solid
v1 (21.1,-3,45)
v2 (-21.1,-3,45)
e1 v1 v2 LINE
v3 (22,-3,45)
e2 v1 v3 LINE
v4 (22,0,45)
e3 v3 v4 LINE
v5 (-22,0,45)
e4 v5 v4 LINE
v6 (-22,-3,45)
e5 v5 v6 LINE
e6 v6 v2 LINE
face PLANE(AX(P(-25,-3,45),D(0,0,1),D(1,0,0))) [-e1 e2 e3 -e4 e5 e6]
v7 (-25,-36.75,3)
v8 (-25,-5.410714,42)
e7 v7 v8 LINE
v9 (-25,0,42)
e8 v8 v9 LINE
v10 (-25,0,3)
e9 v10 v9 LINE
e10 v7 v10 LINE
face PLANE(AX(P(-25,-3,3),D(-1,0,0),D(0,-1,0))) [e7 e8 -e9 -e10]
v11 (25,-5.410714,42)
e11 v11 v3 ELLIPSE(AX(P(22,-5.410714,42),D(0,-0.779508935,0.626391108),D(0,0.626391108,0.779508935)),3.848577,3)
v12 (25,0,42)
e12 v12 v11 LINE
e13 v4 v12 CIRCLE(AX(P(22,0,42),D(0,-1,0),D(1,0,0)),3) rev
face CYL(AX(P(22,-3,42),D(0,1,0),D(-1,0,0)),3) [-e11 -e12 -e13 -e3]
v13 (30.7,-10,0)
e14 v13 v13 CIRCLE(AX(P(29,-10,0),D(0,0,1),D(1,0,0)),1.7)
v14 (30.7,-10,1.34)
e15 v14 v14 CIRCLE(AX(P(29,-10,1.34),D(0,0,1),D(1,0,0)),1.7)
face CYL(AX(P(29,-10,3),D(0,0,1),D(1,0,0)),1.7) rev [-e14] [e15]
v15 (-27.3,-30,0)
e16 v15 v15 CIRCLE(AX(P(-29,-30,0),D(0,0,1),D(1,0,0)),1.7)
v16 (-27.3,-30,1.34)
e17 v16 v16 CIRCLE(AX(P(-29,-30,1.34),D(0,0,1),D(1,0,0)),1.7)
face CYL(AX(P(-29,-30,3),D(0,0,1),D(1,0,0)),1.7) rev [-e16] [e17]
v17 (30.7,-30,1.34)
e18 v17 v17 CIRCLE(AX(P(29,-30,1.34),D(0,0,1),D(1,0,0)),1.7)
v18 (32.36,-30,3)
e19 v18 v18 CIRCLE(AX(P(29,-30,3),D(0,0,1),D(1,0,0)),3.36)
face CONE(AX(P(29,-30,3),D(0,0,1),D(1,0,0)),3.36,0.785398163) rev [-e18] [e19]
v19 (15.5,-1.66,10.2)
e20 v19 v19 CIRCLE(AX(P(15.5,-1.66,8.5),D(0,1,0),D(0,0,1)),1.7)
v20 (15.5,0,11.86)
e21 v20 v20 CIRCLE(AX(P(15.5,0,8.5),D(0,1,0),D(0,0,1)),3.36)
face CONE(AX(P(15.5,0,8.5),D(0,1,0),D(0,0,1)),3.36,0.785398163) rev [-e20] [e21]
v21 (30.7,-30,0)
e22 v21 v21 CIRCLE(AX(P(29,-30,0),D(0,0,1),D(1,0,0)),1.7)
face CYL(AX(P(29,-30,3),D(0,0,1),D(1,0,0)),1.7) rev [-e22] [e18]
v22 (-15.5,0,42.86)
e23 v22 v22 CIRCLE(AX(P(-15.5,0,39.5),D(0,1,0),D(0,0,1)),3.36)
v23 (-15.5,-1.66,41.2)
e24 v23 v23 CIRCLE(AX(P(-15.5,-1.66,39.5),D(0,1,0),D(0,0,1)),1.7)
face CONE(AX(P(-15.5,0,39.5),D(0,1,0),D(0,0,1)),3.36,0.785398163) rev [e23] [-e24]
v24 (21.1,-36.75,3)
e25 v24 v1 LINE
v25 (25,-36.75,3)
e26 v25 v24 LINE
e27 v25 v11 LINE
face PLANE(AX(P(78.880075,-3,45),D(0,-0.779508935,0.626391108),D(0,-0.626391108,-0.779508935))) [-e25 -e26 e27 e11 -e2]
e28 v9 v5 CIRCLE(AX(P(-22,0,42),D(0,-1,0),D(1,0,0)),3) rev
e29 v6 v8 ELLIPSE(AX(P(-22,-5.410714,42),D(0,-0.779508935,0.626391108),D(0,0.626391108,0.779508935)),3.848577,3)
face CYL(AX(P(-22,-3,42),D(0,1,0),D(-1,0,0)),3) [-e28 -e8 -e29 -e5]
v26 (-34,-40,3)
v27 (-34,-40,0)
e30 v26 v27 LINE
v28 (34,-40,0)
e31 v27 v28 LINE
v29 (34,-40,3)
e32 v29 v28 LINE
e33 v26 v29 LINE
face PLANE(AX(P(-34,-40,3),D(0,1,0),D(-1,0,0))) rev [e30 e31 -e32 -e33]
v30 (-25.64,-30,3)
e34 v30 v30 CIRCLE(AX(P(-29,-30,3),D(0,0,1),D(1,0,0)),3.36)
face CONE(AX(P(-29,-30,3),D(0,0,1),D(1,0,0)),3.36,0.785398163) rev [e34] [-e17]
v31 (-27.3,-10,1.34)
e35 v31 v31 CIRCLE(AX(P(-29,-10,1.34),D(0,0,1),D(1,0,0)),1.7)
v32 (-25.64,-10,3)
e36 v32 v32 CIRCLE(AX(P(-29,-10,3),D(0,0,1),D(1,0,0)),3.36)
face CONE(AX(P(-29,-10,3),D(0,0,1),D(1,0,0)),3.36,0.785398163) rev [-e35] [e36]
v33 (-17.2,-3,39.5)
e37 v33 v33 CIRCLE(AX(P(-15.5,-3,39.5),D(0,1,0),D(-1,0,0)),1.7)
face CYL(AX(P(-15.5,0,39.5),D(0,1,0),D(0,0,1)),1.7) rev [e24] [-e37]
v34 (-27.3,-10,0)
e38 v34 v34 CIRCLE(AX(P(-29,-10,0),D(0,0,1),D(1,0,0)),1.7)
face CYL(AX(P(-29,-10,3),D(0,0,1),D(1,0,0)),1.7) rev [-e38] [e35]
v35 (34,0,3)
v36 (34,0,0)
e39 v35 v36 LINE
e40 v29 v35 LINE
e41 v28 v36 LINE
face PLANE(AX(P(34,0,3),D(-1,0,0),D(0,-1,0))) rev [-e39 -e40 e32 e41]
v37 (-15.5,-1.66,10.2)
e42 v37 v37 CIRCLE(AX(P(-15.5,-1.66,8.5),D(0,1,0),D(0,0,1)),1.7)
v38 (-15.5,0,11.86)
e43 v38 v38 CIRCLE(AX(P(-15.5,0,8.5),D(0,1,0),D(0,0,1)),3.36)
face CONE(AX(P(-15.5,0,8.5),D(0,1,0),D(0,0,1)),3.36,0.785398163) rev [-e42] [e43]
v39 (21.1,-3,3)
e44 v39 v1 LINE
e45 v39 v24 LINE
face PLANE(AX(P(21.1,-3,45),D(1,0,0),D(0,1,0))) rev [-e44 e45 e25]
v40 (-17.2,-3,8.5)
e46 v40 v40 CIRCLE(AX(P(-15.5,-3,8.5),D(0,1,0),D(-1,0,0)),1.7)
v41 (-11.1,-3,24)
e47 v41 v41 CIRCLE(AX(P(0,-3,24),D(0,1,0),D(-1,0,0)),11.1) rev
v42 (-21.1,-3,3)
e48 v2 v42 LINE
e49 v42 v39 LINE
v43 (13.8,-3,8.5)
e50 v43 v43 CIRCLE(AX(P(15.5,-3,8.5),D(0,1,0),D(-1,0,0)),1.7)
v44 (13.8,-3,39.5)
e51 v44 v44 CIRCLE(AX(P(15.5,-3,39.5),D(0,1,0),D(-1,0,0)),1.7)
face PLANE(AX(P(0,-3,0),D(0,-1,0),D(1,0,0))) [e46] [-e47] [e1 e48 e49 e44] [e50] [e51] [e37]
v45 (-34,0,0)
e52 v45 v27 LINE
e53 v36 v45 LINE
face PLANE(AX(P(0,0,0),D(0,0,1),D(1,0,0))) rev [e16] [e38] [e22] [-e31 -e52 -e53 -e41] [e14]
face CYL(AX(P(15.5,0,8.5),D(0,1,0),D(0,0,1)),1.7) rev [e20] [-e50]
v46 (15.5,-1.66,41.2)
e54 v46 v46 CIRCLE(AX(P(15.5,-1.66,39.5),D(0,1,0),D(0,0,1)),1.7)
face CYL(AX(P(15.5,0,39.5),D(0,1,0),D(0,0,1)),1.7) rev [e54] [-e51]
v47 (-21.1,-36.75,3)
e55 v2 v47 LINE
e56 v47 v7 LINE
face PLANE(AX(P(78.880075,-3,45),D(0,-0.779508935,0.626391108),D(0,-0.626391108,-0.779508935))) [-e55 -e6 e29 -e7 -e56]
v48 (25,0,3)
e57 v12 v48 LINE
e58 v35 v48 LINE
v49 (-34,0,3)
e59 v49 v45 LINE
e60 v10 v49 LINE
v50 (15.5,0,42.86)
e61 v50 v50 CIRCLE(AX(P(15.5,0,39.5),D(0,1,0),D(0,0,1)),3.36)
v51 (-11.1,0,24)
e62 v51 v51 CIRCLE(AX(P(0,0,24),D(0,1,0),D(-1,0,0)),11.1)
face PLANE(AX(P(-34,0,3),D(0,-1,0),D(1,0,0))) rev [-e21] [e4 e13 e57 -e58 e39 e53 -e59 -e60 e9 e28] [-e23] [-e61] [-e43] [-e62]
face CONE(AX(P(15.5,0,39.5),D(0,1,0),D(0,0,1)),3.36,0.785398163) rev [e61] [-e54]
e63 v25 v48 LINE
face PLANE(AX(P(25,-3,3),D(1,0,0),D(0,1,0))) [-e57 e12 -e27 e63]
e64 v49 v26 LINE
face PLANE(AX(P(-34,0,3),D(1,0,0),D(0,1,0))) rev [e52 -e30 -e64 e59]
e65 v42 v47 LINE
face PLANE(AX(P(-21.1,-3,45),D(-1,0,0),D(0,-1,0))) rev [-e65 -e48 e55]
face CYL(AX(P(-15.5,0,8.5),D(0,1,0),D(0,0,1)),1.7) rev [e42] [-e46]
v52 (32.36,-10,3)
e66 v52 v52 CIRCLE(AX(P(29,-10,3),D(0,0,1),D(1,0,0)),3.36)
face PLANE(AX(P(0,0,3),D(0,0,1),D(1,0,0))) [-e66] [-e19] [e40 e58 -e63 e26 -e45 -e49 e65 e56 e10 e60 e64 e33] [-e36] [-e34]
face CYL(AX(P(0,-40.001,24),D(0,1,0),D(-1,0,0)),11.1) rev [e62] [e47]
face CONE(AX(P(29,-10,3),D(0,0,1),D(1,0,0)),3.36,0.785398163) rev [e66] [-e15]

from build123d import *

# Parameters (mm, degrees)
SKETCH1_W                    = 68
SKETCH1_H                    = 40
BOSS_EXTRUDE1_DEPTH          = 3
SKETCH3_W                    = 50
SKETCH3_H                    = 42
BOSS_EXTRUDE2_DEPTH          = 3
CUT_EXTRUDE1_REACH           = 71.145
SKETCH4_R                    = 11.1
CSK_FOR_M3_SFHCS1_AT_2_COUNT = 2
CSK_FOR_M3_SFHCS1_AT_2_PITCH = 31
CSK_FOR_M3_SFHCS1_AT_3_COUNT = 2
CSK_FOR_M3_SFHCS1_AT_3_PITCH = 31
CSK_FOR_M3_SFHCS1_AT_4_COUNT = 2
CSK_FOR_M3_SFHCS1_AT_4_PITCH = 43.840620434
BOSS_EXTRUDE3_DEPTH          = 50
SKETCH9_W                    = 42.2
SKETCH9_H                    = 42
CUT_EXTRUDE2_DEPTH           = 37
FILLET1_R                    = 3
CSK_FOR_M3_SFHCS2_AT_2_COUNT = 2
CSK_FOR_M3_SFHCS2_AT_2_PITCH = 61.351446601
CSK_FOR_M3_SFHCS2_AT_3_COUNT = 2
CSK_FOR_M3_SFHCS2_AT_3_PITCH = 20
CSK_FOR_M3_SFHCS2_AT_4_COUNT = 2
CSK_FOR_M3_SFHCS2_AT_4_PITCH = 58


with BuildPart() as part:
    # Sketch1 → Boss-Extrude1 (new body)
    with BuildSketch(Plane.XY):
        with Locations((0, -20)):
            Rectangle(SKETCH1_W, SKETCH1_H)
    extrude(amount=BOSS_EXTRUDE1_DEPTH)

    # Sketch3 → Boss-Extrude2 (add)
    with BuildSketch(Plane(origin=(0, 0, 0), x_dir=(1, 0, 0), z_dir=(0, 1, 0))):
        with Locations((0, -24)):
            Rectangle(SKETCH3_W, SKETCH3_H)
    extrude(amount=-BOSS_EXTRUDE2_DEPTH)

    # Sketch4 → Cut-Extrude1 (cut, up to next)
    with BuildSketch(Plane(origin=(0, 0, 0), x_dir=(1, 0, 0), z_dir=(0, 1, 0)), mode=Mode.PRIVATE) as cut_extrude1_sk1:
        with Locations(Location((0, -24, 0), (0, 0, 180))):
            Circle(SKETCH4_R)
    cut_extrude1_tool1 = extrude(cut_extrude1_sk1.sketch, amount=-CUT_EXTRUDE1_REACH, mode=Mode.PRIVATE) & part.part
    add(cut_extrude1_tool1.solids().sort_by_distance((0, 0, 24))[0], mode=Mode.SUBTRACT)

    # Sketch6 → CSK for M3 SFHCS1 (revolve, cut)
    with BuildSketch(Plane(origin=(-15.5, 0, 8.5), x_dir=(0, 0, 1), z_dir=(1, 0, 0))):
        Polygon((0, 0), (0, 3), (1.7, 3), (1.7, 1.66), (3.36, 0), align=None)
    csk_for_m3_sfhcs1 = revolve(axis=Axis((-15.5, 6.35, 8.5), (0, -1, 0)), mode=Mode.SUBTRACT)

    # CSK for M3 SFHCS1 at 2: CSK for M3 SFHCS1 ×2
    with Locations(*[(i * CSK_FOR_M3_SFHCS1_AT_2_PITCH, 0, 0) for i in range(1, CSK_FOR_M3_SFHCS1_AT_2_COUNT)]):
        add(csk_for_m3_sfhcs1, mode=Mode.SUBTRACT)

    # CSK for M3 SFHCS1 at 3: CSK for M3 SFHCS1 ×2
    with Locations(*[(0, 0, i * CSK_FOR_M3_SFHCS1_AT_3_PITCH) for i in range(1, CSK_FOR_M3_SFHCS1_AT_3_COUNT)]):
        add(csk_for_m3_sfhcs1, mode=Mode.SUBTRACT)

    # CSK for M3 SFHCS1 at 4: CSK for M3 SFHCS1 ×2
    with Locations(*[Vector(0.7071067811865476, 0, 0.7071067811865476) * (i * CSK_FOR_M3_SFHCS1_AT_4_PITCH) for i in range(1, CSK_FOR_M3_SFHCS1_AT_4_COUNT)]):
        add(csk_for_m3_sfhcs1, mode=Mode.SUBTRACT)

    # Sketch7 → Boss-Extrude3 (add)
    with BuildSketch(Plane.ZY.offset(25)):
        Polygon((45, -3), (3, -36.75), (3, -3), align=None)
    extrude(amount=-BOSS_EXTRUDE3_DEPTH)

    # Sketch9 → Cut-Extrude2 (cut)
    with BuildSketch(Plane.XZ.offset(40)):
        with Locations((0, 24)):
            Rectangle(SKETCH9_W, SKETCH9_H)
    extrude(amount=-CUT_EXTRUDE2_DEPTH, mode=Mode.SUBTRACT)

    # Fillet1
    fillet1_edges = [part.edges().sort_by_distance(p)[0] for p in [
        (-25, -1.5, 45),
        (25, -1.5, 45),
    ]]
    fillet(fillet1_edges, radius=FILLET1_R)

    # Sketch11 → CSK for M3 SFHCS2 (revolve, cut)
    with BuildSketch(Plane(origin=(-29, -30, 3), x_dir=(0, -1, 0), z_dir=(1, 0, 0))):
        Polygon((0, 0), (0, 3), (1.7, 3), (1.7, 1.66), (3.36, 0), align=None)
    csk_for_m3_sfhcs2 = revolve(axis=Axis((-29, -30, 9.35), (0, 0, -1)), mode=Mode.SUBTRACT)

    # CSK for M3 SFHCS2 at 2: CSK for M3 SFHCS2 ×2
    with Locations(*[Vector(0.9453729816262721, 0.32599068331940423, 0) * (i * CSK_FOR_M3_SFHCS2_AT_2_PITCH) for i in range(1, CSK_FOR_M3_SFHCS2_AT_2_COUNT)]):
        add(csk_for_m3_sfhcs2, mode=Mode.SUBTRACT)

    # CSK for M3 SFHCS2 at 3: CSK for M3 SFHCS2 ×2
    with Locations(*[(0, i * CSK_FOR_M3_SFHCS2_AT_3_PITCH, 0) for i in range(1, CSK_FOR_M3_SFHCS2_AT_3_COUNT)]):
        add(csk_for_m3_sfhcs2, mode=Mode.SUBTRACT)

    # CSK for M3 SFHCS2 at 4: CSK for M3 SFHCS2 ×2
    with Locations(*[(i * CSK_FOR_M3_SFHCS2_AT_4_PITCH, 0, 0) for i in range(1, CSK_FOR_M3_SFHCS2_AT_4_COUNT)]):
        add(csk_for_m3_sfhcs2, mode=Mode.SUBTRACT)


solid = part.part
